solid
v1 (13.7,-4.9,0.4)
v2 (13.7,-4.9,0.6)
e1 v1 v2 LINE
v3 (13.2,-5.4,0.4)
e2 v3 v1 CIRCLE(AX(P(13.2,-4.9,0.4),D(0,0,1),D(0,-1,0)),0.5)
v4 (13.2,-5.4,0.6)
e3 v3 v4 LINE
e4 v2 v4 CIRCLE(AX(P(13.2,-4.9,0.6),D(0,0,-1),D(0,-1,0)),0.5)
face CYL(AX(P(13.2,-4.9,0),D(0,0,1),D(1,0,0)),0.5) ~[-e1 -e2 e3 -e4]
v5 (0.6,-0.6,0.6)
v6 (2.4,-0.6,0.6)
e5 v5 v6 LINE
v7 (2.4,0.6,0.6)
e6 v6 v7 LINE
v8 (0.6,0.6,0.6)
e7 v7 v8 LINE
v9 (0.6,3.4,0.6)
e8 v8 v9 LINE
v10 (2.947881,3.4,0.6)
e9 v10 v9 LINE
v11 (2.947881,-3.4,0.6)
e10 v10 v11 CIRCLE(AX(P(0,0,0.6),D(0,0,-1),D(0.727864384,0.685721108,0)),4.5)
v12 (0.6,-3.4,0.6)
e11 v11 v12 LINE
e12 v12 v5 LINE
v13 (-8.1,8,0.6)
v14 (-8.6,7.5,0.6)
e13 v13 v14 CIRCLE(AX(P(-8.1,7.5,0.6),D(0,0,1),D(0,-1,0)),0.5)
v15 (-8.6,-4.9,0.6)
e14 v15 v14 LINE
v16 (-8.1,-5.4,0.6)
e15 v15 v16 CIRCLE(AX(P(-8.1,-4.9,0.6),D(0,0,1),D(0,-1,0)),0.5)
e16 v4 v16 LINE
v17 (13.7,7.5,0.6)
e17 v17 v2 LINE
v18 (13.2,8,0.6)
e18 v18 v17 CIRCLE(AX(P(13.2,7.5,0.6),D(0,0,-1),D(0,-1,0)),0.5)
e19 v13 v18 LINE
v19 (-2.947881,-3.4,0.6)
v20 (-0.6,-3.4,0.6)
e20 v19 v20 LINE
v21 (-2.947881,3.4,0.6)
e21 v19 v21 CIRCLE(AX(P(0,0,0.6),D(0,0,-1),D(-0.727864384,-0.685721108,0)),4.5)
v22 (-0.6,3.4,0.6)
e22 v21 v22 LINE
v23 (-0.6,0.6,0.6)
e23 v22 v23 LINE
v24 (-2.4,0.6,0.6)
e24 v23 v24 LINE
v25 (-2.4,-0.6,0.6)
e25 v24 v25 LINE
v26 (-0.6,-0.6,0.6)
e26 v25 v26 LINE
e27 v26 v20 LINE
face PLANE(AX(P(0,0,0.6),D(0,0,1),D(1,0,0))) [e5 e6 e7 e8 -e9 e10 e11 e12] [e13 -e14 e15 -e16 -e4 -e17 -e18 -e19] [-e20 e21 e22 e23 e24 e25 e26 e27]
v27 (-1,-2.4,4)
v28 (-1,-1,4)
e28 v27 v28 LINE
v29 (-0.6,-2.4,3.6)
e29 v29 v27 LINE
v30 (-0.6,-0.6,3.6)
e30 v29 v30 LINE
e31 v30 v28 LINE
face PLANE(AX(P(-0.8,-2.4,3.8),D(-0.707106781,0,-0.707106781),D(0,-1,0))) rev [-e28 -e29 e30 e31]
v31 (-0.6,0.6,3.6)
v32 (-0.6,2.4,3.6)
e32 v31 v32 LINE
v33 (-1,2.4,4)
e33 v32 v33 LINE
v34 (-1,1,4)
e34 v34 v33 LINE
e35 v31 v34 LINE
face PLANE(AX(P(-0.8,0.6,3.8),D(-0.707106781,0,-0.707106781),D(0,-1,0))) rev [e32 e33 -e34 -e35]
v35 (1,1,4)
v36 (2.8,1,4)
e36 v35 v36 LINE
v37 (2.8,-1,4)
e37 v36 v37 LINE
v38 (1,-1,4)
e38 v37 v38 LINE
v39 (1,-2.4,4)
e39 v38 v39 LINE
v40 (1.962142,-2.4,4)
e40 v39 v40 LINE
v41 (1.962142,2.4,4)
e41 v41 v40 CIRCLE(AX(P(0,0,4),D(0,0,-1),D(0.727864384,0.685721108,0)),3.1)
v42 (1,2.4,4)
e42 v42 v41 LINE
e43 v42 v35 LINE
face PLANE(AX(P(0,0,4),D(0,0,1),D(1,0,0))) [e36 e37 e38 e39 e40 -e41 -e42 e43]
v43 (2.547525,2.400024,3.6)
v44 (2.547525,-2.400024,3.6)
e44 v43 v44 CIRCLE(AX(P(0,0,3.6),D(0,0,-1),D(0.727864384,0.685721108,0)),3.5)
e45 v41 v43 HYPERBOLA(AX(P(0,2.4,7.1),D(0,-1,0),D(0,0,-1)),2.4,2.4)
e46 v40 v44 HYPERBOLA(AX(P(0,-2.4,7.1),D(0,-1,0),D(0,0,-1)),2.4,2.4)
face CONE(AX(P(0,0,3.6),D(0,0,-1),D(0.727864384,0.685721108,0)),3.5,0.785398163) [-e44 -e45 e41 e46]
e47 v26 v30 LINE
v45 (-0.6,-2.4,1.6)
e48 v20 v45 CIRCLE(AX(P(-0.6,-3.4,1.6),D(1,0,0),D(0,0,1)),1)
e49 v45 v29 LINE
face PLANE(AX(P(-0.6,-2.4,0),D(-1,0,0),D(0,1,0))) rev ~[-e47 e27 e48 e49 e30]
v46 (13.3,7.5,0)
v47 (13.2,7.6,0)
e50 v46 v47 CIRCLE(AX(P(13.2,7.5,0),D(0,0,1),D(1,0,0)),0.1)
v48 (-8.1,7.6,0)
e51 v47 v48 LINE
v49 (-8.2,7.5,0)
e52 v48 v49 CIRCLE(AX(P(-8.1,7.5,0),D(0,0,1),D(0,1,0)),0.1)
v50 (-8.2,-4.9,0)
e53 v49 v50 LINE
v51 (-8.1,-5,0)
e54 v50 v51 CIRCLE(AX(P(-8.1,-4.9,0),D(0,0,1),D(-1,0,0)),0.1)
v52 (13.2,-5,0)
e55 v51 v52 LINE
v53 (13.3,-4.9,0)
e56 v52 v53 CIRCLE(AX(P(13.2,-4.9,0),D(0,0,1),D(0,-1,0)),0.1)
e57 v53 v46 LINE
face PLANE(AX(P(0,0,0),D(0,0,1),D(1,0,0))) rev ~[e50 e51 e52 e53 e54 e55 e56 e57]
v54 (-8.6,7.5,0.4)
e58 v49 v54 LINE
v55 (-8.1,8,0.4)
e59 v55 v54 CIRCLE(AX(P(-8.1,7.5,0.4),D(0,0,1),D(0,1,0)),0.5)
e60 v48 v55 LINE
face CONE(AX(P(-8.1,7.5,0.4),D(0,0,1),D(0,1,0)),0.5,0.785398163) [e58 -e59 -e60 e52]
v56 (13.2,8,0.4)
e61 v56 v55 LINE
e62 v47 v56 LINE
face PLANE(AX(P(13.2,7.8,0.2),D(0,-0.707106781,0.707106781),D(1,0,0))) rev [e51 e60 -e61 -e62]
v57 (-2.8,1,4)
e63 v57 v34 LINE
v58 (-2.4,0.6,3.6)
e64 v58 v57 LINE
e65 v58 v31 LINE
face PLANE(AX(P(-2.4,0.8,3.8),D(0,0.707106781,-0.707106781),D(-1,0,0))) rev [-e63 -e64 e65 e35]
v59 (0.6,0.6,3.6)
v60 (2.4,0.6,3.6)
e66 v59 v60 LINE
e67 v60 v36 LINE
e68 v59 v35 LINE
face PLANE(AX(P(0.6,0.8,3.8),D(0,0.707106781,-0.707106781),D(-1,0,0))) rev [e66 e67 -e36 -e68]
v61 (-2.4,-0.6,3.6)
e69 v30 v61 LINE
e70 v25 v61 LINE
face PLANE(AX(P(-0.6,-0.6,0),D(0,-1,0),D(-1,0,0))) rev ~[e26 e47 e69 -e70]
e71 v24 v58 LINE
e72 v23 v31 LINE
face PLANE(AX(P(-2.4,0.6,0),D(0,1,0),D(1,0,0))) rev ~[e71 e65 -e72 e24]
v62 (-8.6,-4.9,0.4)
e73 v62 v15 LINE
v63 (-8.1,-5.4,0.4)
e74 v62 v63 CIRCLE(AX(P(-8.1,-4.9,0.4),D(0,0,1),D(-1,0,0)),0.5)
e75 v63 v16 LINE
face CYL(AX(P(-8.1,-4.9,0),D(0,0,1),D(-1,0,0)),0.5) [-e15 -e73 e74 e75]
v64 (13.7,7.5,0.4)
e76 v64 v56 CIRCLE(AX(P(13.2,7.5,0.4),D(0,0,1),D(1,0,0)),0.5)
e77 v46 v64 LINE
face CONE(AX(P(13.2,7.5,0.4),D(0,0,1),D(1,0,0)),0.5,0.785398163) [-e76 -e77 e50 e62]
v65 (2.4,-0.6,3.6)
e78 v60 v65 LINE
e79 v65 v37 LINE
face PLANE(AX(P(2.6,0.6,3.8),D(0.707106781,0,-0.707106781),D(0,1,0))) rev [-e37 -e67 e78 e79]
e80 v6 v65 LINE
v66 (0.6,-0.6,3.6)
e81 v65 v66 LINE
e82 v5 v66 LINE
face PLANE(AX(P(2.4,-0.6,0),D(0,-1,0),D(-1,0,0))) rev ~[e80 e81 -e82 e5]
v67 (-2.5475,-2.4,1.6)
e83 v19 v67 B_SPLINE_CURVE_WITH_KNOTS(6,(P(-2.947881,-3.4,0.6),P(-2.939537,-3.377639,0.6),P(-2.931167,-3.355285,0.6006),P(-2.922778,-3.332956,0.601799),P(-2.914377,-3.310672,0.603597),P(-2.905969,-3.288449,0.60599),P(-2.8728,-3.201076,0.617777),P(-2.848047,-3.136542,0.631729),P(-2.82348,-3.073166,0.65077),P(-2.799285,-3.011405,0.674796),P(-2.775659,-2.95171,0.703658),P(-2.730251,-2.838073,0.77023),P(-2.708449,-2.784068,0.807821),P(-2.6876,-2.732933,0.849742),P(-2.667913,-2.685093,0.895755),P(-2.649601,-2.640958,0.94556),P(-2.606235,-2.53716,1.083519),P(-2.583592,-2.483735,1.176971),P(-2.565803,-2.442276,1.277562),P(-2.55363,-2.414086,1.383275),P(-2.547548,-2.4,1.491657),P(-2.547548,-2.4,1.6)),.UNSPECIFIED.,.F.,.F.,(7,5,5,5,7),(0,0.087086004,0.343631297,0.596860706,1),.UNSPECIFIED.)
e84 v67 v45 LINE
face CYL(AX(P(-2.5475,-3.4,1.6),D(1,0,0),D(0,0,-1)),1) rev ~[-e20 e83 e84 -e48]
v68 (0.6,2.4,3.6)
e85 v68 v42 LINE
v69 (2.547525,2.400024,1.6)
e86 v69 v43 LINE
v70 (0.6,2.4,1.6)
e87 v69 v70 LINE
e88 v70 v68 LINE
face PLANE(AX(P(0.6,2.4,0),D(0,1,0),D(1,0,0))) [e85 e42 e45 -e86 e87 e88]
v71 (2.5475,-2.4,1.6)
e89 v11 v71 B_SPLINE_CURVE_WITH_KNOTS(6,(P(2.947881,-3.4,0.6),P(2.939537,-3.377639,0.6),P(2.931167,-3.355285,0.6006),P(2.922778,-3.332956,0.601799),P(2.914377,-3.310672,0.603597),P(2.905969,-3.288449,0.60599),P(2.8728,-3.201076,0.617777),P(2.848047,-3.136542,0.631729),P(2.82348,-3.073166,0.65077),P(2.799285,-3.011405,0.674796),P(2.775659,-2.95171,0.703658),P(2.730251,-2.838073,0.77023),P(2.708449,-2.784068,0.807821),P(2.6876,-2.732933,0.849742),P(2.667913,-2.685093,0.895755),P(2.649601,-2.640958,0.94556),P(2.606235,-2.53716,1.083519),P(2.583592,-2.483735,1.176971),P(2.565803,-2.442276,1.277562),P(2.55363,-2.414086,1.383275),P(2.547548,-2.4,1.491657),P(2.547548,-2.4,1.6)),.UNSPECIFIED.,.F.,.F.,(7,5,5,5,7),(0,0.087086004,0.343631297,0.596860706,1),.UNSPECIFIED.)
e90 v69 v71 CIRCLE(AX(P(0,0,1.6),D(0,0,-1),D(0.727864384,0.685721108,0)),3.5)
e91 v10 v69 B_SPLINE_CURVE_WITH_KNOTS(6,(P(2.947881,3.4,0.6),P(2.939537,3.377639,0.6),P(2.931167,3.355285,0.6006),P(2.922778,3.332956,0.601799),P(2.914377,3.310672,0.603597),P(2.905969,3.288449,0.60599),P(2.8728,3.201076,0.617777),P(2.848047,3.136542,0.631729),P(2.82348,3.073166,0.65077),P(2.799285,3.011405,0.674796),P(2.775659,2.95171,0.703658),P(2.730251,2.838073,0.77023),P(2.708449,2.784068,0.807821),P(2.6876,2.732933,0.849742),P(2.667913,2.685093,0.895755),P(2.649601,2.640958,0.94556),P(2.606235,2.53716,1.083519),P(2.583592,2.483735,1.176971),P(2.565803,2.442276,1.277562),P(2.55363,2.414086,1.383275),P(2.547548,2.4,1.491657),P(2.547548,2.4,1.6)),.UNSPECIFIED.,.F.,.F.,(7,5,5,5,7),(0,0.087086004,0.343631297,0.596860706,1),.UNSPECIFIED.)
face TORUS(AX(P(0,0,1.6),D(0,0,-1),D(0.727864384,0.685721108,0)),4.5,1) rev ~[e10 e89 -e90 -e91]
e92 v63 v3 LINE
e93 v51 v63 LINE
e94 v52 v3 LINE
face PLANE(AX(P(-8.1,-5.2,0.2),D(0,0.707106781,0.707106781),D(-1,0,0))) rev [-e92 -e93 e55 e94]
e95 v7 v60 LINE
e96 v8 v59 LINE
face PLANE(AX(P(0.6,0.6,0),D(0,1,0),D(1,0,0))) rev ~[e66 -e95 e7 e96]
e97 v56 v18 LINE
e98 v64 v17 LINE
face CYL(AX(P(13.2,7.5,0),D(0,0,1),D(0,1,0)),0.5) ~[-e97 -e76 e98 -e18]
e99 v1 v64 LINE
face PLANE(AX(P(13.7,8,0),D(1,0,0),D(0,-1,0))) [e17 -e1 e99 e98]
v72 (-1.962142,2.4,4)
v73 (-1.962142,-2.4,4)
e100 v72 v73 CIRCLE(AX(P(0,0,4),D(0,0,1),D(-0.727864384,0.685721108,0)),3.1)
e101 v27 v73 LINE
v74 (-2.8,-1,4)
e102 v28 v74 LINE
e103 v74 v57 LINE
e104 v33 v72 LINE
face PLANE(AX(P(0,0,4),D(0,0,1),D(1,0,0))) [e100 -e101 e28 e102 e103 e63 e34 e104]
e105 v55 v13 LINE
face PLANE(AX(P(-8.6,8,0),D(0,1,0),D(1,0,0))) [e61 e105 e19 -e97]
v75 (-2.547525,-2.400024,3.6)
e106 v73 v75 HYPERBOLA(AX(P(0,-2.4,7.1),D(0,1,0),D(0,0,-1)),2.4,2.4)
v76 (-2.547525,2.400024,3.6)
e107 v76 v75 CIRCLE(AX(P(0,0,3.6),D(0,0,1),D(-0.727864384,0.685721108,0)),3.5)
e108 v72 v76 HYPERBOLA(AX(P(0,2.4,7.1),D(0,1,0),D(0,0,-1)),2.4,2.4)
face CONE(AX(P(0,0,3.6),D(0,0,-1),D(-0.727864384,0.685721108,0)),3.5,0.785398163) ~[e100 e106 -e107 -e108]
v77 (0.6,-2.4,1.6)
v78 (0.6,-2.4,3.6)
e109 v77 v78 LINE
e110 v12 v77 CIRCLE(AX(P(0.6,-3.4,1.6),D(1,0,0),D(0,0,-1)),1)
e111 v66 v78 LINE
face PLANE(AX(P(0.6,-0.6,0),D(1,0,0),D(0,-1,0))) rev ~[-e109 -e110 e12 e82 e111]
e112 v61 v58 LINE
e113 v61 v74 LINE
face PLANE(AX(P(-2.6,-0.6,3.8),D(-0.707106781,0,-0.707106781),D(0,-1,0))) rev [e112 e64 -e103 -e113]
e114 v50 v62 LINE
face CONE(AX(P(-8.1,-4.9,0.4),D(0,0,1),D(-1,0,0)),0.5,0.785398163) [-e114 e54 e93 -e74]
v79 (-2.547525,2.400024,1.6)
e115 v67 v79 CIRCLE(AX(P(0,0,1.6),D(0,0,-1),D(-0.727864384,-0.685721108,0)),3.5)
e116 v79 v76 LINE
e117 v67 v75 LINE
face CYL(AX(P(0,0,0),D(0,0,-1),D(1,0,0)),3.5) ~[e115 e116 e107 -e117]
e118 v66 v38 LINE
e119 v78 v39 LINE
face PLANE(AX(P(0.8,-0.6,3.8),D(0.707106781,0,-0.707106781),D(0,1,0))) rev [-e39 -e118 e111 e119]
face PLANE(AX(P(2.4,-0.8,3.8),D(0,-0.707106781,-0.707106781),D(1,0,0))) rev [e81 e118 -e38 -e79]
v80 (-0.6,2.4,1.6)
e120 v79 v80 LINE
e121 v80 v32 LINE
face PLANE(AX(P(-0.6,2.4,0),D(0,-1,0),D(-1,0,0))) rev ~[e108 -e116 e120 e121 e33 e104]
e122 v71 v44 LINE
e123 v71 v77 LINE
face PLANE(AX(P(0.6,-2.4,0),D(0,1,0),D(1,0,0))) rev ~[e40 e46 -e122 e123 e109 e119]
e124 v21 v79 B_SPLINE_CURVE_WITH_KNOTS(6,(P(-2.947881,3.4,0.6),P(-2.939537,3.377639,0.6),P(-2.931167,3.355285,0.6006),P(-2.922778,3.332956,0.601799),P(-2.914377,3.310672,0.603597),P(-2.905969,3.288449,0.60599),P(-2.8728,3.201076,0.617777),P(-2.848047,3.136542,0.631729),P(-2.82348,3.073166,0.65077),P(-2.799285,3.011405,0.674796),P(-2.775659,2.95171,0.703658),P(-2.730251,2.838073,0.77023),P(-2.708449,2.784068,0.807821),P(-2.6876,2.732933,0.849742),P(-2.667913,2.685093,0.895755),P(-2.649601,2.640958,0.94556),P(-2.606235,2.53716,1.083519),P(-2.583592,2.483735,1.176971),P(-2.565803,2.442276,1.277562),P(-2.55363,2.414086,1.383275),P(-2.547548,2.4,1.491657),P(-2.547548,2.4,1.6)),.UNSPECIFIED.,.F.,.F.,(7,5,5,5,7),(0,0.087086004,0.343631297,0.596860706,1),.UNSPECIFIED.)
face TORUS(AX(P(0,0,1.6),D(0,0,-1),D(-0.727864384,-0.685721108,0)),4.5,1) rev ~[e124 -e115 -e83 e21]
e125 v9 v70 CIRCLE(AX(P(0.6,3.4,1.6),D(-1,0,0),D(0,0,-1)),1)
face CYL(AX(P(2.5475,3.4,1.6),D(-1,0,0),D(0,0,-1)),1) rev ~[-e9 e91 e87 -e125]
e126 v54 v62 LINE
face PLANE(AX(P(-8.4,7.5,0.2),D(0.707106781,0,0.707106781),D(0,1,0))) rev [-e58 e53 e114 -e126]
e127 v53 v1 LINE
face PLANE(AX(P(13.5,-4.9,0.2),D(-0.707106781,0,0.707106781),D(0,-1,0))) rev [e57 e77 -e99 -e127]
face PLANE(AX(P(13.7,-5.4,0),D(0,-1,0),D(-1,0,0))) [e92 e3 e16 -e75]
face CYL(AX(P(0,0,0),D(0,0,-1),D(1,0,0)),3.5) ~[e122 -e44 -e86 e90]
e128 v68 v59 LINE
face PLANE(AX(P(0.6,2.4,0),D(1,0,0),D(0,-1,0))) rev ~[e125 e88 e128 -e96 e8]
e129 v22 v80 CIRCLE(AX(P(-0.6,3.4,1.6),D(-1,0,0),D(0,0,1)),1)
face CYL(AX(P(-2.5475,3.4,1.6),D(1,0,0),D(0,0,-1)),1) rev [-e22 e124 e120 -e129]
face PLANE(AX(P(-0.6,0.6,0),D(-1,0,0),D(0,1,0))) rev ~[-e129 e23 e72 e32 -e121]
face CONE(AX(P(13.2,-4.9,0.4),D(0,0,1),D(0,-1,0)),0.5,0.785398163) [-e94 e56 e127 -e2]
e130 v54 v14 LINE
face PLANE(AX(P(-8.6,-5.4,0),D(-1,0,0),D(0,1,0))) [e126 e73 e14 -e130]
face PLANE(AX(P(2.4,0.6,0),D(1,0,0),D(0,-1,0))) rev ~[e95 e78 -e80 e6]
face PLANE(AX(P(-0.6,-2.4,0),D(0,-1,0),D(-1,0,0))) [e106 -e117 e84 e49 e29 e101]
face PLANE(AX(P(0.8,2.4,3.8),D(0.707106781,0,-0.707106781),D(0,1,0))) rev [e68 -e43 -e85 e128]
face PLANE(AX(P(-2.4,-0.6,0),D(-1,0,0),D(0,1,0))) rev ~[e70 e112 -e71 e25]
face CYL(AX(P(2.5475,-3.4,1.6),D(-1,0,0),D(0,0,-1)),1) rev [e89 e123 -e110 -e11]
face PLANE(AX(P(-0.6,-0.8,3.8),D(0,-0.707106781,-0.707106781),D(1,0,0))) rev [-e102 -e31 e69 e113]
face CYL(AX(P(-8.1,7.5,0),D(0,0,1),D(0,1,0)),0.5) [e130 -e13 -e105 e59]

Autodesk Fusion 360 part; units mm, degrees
sketch "Sketch1" plane through (0, 0, 0) normal (0, 0, 1) x (1, 0, 0)
  line L0 (16.3, 9) -> (-16.3, 9) construction
  line L1 (-16.3, 9) -> (-16.3, -9) construction
  line L2 (-16.3, -9) -> (16.3, -9) construction
  line L3 (16.3, -9) -> (16.3, 9) construction
  line L4 (16.3, 9) -> (-16.3, -9) construction
  line L5 (-16.3, 9) -> (16.3, -9) construction
  line L6 (-8.6, 8) -> (13.7, 8)
  line L7 (13.7, 8) -> (13.7, -5.4)
  line L8 (13.7, -5.4) -> (-8.6, -5.4)
  line L9 (-8.6, -5.4) -> (-8.6, 8)
  circle A0 centre (0, 0) radius 3.5
  line L10 (2.4, -0.6) -> (-2.4, -0.6)
  line L11 (-2.4, -0.6) -> (-2.4, 0.6)
  line L12 (-2.4, 0.6) -> (2.4, 0.6)
  line L13 (2.4, 0.6) -> (2.4, -0.6)
  line L14 (2.4, -0.6) -> (-2.4, 0.6) construction
  line L15 (-2.4, -0.6) -> (2.4, 0.6) construction
  line L16 (0.6, -2.4) -> (-0.6, -2.4)
  line L17 (-0.6, -2.4) -> (-0.6, 2.4)
  line L18 (-0.6, 2.4) -> (0.6, 2.4)
  line L19 (0.6, 2.4) -> (0.6, -2.4)
  line L20 (0.6, -2.4) -> (-0.6, 2.4) construction
  line L21 (-0.6, -2.4) -> (0.6, 2.4) construction
  line L22 (-0.6, 2.4) -> (-2.5475, 2.4)
  line L23 (0.6, 2.4) -> (2.5475, 2.4)
  line L24 (-0.6, -2.4) -> (-2.5475, -2.4)
  line L25 (0.6, -2.4) -> (2.5475, -2.4)
  dimension "d1" = 32.6
  dimension "d2" = 18
  dimension "d3" = 3.6
  dimension "d4" = 1
  dimension "d5" = 2.6
  dimension "d6" = 7.7
  dimension "d7" = 7
  dimension "d8" = 4.8
  dimension "d9" = 1.2
  dimension "d10" = 1.2
  dimension "d11" = 4.8
extrude "Extrude1" add sketch "Sketch1" along normal blind 0.6 contours L6 L7 L8 L9 | A0 L10 L12 L13 L19 L23 L25 | A0 L18 L22 L23 | A0 L16 L24 L25 | A0 L10 L11 L12 L17 L22 L24 | L12 L17 L18 L19 | L10 L16 L17 L19 | L10 L12 L17 L19 | L10 L12 L13 L19 | L10 L11 L12 L17
extrude "Extrude2" add sketch "Sketch1" along normal blind 4 contours A0 L10 L12 L13 L19 L23 L25 | A0 L10 L11 L12 L17 L22 L24
fillet "Fillet1" radius 1 6 edges at (-1.5738, -2.4, 0.6) (-3.5, 0, 0.6) (1.5738, -2.4, 0.6) (3.5, 0, 0.6) (1.5738, 2.4, 0.6) (-1.5738, 2.4, 0.6)
fillet "Fillet1" radius 0.5 4 edges at (13.7, 8, 0.3) (-8.6, 8, 0.3) (13.7, -5.4, 0.3) (-8.6, -5.4, 0.3)
chamfer "Chamfer1" distance 0.4 angle 45 20 edges at (-8.4536, 7.8536, 0) (2.55, 8, 0) (13.5536, 7.8536, 0) (13.7, 1.3, 0) (13.5536, -5.2536, 0) (2.55, -5.4, 0) (-8.4536, -5.2536, 0) (-8.6, 1.3, 0) (-0.6, 1.5, 4) (-1.5, 0.6, 4) (-2.4, 0, 4) (-1.5, -0.6, 4) (-0.6, -1.5, 4) (0.6, -1.5, 4) (1.5, -0.6, 4) (2.4, 0, 4) (1.5, 0.6, 4) (0.6, 1.5, 4) (3.5, 0, 4) (-3.5, 0, 4)
